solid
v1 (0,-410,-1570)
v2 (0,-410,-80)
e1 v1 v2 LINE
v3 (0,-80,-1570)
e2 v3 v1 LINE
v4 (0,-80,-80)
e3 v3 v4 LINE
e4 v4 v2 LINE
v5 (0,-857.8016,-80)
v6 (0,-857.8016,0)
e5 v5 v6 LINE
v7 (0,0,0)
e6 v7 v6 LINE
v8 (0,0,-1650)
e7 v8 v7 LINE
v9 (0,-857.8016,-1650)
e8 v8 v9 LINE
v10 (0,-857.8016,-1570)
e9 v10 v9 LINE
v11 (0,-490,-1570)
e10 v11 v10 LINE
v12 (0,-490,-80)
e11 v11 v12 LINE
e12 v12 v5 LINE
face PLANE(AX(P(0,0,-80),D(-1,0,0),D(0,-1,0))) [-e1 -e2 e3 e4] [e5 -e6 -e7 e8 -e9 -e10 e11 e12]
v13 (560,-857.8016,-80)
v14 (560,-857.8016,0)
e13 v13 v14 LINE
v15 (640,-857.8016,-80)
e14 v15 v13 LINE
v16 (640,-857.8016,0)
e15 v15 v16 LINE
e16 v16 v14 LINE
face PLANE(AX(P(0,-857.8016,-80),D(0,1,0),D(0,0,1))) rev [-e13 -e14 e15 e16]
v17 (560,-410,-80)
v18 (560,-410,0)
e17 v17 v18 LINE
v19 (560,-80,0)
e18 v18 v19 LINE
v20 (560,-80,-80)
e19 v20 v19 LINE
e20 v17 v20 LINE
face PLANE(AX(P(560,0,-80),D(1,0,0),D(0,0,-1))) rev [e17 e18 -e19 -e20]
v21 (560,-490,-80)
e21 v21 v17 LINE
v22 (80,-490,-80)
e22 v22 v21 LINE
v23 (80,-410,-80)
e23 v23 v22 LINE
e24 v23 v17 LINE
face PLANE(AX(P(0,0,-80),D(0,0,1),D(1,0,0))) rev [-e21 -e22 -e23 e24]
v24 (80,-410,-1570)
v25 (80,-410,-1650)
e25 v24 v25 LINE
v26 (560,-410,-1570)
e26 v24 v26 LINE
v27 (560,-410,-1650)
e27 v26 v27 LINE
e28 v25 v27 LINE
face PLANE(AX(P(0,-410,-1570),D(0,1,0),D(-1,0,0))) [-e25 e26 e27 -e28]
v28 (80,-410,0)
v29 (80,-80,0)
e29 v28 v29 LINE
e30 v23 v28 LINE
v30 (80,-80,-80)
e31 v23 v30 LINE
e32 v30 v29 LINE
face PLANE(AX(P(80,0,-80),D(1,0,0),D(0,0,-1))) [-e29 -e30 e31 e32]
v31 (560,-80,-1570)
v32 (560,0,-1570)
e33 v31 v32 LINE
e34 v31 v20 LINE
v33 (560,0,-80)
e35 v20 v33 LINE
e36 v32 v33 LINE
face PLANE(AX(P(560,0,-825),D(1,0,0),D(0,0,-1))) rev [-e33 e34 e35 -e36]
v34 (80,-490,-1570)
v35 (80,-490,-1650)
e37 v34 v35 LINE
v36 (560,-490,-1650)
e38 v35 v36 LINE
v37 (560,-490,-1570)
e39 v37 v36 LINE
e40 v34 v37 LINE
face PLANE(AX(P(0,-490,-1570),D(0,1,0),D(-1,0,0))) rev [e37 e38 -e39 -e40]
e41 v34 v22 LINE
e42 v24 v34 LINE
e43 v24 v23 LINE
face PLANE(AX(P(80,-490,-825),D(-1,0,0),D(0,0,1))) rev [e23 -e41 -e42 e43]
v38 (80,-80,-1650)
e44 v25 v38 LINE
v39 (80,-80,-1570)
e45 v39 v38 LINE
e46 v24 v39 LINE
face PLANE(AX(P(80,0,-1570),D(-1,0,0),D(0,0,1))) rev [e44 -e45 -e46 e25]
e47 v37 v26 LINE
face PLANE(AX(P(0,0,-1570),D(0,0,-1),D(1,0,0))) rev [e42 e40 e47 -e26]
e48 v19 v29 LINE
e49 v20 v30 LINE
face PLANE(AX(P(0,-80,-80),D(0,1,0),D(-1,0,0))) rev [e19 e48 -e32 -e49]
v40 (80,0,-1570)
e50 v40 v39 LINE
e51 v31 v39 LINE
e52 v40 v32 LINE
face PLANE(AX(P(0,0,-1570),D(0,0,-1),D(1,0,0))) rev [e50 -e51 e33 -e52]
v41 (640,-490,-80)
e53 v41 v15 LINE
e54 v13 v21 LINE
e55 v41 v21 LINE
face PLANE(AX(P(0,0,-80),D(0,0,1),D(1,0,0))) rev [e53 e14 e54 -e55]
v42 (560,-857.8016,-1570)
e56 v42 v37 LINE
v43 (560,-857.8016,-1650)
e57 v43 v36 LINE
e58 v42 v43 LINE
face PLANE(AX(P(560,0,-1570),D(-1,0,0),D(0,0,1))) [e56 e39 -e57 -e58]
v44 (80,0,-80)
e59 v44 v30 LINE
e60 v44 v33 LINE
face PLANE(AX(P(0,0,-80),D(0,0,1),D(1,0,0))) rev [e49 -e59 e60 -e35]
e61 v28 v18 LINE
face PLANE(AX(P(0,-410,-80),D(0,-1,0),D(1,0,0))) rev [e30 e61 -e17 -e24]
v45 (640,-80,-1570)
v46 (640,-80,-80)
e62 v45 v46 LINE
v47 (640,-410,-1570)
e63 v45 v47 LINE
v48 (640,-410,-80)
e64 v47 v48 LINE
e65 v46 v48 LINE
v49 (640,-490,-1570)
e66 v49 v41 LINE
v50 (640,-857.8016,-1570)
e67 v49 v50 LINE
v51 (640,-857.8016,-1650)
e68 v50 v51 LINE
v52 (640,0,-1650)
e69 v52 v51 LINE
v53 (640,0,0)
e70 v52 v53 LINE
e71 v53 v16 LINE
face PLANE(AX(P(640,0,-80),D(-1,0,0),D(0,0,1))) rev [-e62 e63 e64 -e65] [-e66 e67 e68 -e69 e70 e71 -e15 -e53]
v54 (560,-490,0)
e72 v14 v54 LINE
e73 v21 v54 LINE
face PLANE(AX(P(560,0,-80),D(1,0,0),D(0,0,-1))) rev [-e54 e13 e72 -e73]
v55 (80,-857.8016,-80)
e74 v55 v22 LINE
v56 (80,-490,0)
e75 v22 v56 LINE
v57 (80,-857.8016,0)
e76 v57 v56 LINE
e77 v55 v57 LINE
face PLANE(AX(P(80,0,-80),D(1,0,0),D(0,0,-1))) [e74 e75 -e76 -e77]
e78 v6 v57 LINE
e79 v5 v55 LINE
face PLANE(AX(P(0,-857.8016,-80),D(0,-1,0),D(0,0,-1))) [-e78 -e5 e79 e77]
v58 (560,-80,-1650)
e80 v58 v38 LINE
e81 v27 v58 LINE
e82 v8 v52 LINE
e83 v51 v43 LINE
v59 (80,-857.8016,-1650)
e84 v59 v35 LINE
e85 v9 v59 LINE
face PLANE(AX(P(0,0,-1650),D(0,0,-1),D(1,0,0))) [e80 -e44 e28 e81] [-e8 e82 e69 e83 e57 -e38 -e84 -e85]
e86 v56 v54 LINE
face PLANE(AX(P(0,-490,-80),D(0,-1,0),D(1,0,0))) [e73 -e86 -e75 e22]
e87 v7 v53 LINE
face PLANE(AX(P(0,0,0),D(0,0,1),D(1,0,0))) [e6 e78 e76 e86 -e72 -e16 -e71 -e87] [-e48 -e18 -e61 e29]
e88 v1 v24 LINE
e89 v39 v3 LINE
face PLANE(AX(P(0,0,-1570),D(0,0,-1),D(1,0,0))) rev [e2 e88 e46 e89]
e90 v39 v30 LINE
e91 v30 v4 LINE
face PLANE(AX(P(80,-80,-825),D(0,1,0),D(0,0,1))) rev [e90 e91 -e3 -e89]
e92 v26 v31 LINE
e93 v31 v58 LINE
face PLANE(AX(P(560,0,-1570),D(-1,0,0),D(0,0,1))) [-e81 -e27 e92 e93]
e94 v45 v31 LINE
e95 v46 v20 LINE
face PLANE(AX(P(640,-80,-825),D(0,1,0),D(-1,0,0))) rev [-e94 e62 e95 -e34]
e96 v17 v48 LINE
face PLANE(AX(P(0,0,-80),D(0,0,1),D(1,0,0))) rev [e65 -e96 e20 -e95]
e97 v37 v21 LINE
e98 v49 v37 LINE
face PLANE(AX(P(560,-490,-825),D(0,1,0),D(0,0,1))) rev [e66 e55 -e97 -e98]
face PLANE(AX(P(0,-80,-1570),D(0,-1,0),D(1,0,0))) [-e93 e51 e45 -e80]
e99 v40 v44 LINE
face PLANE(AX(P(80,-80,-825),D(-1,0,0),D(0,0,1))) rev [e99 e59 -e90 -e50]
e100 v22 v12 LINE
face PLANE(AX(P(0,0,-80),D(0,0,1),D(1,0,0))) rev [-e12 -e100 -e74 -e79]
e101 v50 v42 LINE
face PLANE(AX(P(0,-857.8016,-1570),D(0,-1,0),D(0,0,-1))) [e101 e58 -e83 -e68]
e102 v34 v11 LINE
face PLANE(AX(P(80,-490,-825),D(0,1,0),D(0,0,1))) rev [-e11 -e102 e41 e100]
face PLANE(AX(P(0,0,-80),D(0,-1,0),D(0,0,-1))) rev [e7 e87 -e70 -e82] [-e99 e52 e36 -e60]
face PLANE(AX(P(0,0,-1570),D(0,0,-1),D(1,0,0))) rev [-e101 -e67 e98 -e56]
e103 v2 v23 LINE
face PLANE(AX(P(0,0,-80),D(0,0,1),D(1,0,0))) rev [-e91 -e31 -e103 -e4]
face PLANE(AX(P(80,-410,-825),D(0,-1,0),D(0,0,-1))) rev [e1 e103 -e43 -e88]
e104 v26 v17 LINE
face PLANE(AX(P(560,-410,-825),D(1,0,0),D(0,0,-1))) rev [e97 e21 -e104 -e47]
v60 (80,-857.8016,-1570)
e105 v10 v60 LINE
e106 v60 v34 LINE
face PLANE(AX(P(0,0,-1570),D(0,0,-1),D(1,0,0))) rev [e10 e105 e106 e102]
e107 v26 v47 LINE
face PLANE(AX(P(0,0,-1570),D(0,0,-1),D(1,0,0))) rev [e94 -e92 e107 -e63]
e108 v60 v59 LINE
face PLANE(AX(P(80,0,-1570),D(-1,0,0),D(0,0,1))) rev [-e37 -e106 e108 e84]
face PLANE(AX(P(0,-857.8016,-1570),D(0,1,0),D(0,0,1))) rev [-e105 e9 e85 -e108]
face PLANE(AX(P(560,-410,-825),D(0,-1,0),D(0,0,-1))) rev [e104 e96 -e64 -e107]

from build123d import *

# Parameters (mm, degrees)
SKETCH1_W           = 480
SKETCH1_H           = 330
BOSS_EXTRUDE1_DEPTH = 80
SKETCH2_W           = 80
SKETCH2_H           = 80
BOSS_EXTRUDE2_DEPTH = 745


with BuildPart() as part:
    # Sketch1 → Boss-Extrude1 (new body)
    with BuildSketch(Plane.XY):
        Polygon((640, 0), (0, 0), (0, -857.8016), (80, -857.8016), (80, -490), (560, -490), (560, -857.8016), (640, -857.8016), align=None)
        with Locations((320, -245)):
            Rectangle(SKETCH1_W, SKETCH1_H, mode=Mode.SUBTRACT)
    boss_extrude1 = extrude(amount=-BOSS_EXTRUDE1_DEPTH)

    # Sketch2 → Boss-Extrude2 (add)
    with BuildSketch(Plane(origin=(0, 0, -80), x_dir=(-1, 0, 0), z_dir=(0, 0, -1))):
        with Locations((-600, -40)):
            Rectangle(SKETCH2_W, SKETCH2_H)
        with Locations((-40, -40)):
            Rectangle(SKETCH2_W, SKETCH2_H)
        with Locations((-600, -450)):
            Rectangle(SKETCH2_W, SKETCH2_H)
        with Locations((-40, -450)):
            Rectangle(SKETCH2_W, SKETCH2_H)
    boss_extrude2 = extrude(amount=BOSS_EXTRUDE2_DEPTH)

    # Mirror2: Boss-Extrude2 across plane
    add(boss_extrude2.mirror(Plane.XY.offset(-825)))

    # Mirror3: Boss-Extrude1 across plane
    add(boss_extrude1.mirror(Plane.XY.offset(-825)))


solid = part.part
